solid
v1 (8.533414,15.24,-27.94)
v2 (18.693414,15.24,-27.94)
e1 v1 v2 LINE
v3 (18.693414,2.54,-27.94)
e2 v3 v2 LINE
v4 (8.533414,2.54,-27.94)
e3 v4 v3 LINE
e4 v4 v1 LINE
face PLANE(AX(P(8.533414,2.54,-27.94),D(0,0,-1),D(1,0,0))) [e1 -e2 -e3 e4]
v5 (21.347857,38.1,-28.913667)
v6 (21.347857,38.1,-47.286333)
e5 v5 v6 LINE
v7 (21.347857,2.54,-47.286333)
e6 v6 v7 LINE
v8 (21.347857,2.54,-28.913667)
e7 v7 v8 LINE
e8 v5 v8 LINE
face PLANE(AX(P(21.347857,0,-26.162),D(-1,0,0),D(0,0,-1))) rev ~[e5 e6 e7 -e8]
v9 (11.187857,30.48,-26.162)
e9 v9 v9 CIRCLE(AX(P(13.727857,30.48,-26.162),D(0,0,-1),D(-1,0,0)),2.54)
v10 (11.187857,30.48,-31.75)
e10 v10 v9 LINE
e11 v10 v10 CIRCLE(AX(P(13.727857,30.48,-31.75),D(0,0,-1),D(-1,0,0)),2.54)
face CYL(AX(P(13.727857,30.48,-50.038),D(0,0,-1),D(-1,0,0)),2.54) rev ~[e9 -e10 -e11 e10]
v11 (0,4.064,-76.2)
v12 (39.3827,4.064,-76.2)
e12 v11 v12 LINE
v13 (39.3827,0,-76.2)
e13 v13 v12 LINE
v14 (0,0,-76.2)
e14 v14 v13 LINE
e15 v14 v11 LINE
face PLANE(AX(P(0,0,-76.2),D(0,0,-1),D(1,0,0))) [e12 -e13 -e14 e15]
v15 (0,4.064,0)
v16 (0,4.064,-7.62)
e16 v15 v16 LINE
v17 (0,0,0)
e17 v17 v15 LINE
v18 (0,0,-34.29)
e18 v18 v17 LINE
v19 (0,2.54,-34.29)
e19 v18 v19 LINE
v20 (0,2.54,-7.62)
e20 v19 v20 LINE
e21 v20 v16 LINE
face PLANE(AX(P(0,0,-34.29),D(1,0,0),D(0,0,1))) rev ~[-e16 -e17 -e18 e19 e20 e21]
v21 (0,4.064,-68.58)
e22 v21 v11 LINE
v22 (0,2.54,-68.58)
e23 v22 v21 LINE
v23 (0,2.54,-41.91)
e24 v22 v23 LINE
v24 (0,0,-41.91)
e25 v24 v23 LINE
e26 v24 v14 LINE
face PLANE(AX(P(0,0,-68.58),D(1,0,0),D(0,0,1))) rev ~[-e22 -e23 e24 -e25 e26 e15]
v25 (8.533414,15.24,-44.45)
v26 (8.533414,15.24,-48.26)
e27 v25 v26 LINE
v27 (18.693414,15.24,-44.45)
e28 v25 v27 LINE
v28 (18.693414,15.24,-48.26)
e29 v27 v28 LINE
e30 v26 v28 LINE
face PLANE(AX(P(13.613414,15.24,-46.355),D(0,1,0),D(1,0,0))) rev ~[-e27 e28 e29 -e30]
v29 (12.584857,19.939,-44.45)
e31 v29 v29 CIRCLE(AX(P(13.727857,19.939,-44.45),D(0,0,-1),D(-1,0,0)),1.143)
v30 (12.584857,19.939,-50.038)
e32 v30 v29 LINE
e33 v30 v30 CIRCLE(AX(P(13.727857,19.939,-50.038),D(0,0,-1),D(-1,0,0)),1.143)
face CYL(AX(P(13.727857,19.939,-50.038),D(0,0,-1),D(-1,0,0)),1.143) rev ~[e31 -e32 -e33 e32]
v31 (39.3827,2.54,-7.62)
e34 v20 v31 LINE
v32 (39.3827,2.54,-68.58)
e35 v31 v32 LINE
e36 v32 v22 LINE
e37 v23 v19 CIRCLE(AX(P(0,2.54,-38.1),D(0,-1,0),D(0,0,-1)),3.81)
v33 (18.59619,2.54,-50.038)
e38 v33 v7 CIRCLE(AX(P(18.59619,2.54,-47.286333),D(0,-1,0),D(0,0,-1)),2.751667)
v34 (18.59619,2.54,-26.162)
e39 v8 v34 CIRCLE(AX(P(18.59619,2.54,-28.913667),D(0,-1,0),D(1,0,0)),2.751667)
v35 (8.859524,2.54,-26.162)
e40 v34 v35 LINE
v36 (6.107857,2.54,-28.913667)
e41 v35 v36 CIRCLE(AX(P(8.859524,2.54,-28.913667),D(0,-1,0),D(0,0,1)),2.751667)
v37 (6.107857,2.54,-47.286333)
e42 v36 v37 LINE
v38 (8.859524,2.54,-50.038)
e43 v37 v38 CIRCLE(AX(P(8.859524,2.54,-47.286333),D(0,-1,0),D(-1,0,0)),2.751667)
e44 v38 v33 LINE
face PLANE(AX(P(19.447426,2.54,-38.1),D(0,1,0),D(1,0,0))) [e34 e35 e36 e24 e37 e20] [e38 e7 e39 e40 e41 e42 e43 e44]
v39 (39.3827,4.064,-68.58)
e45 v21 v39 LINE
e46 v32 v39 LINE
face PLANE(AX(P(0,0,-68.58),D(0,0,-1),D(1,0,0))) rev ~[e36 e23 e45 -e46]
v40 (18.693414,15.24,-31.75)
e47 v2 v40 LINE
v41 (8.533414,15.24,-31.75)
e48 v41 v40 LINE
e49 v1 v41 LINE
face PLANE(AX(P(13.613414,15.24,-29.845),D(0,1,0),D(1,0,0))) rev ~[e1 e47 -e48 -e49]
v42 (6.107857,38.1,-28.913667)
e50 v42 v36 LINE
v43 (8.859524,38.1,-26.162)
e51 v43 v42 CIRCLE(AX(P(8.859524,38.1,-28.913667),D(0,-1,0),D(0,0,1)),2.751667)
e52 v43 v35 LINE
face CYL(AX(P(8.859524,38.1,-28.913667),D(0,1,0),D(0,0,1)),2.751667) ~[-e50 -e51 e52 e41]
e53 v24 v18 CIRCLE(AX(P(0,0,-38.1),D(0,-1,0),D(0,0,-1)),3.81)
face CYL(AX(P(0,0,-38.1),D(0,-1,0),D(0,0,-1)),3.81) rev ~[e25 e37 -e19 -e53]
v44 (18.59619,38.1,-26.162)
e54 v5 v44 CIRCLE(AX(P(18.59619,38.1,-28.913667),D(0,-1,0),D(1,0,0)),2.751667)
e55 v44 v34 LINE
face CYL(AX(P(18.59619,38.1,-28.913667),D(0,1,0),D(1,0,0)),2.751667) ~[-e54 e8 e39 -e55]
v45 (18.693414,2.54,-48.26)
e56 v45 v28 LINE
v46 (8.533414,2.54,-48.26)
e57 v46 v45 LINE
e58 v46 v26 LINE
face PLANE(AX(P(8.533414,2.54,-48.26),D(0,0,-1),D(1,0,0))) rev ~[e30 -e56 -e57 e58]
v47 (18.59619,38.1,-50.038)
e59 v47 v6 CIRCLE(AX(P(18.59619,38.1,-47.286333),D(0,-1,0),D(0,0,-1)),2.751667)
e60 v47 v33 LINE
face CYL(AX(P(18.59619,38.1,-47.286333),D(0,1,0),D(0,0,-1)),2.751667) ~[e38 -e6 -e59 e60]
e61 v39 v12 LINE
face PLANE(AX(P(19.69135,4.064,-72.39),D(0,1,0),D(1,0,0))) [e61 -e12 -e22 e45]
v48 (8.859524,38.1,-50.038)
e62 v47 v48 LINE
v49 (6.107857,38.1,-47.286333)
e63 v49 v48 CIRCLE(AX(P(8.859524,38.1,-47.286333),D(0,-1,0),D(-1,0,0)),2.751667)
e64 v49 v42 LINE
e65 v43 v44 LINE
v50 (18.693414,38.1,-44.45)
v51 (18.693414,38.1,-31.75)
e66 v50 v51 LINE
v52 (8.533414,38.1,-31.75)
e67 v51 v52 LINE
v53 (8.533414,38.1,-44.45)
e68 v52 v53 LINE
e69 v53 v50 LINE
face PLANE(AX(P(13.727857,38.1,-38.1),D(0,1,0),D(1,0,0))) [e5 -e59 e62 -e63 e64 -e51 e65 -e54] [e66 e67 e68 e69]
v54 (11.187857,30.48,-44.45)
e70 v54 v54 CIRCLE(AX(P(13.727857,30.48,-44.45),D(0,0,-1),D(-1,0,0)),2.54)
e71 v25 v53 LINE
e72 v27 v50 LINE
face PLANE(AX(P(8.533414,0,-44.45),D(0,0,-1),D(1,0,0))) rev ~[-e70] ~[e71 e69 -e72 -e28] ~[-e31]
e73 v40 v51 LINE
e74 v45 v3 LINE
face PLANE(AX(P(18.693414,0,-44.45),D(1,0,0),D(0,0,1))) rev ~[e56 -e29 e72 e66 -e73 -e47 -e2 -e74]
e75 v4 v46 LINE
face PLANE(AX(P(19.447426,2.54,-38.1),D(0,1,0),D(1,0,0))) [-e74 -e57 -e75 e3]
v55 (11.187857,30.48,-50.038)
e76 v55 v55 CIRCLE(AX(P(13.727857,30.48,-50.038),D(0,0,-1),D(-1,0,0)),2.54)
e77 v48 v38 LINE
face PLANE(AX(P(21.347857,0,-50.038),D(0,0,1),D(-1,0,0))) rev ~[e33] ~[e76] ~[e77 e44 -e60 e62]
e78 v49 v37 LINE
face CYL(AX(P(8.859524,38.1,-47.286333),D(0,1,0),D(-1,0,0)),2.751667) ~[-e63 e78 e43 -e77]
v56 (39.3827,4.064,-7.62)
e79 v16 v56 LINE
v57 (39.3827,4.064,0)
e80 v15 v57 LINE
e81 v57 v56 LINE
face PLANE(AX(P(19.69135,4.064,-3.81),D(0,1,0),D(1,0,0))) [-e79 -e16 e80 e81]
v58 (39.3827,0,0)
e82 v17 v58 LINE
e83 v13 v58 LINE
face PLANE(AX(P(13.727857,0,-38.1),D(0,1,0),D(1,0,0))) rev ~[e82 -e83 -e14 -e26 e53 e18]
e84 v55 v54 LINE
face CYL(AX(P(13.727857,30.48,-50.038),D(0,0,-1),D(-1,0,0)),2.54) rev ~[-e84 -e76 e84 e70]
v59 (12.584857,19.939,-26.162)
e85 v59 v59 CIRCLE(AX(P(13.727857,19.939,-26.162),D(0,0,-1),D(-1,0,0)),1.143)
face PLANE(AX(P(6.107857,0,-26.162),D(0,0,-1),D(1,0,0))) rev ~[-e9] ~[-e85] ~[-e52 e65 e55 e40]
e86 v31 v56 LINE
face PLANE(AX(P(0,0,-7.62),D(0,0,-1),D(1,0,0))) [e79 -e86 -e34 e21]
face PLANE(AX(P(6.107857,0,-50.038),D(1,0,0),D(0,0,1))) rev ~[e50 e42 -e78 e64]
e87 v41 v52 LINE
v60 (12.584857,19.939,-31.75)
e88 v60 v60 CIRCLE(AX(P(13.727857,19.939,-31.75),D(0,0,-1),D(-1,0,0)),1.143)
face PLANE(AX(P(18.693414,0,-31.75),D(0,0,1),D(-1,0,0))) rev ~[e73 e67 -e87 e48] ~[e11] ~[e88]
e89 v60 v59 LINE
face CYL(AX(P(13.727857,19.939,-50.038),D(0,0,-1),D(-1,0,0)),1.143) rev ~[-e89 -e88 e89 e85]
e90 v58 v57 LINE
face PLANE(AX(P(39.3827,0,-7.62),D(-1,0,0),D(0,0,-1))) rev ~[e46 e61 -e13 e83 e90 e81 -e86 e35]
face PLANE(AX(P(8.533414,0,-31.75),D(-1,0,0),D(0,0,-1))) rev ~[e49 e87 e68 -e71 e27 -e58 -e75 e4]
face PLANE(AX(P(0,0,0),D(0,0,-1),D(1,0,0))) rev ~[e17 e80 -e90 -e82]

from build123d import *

# Parameters (mm, degrees)
SKETCH2_W             = 39.3827
SKETCH2_H             = 7.62
BOSS_EXTRUDE2_DEPTH   = 4.064
BOSS_EXTRUDE2_2_DEPTH = 4.064
BOSS_EXTRUDE3_DEPTH   = 2.54
BOSS_EXTRUDE4_DEPTH   = 38.1
SKETCH4_W             = 10.16
SKETCH4_H             = 3.81
CUT_EXTRUDE2_DEPTH    = 12.7
CUT_EXTRUDE3_REACH    = 76.205
SKETCH5_R             = 2.54
SKETCH5_R_2           = 1.143
CUT_EXTRUDE5_DEPTH    = 35.56


with BuildPart() as part:
    # Sketch2 → Boss-Extrude2 (new body)
    with BuildSketch(Plane(origin=(0, 0, 0), x_dir=(1, 0, 0), z_dir=(0, 1, 0))):
        with Locations((19.69135, 3.81)):
            Rectangle(SKETCH2_W, SKETCH2_H)
    extrude(amount=BOSS_EXTRUDE2_DEPTH)



with BuildPart() as body_2:
    # Sketch2 → Boss-Extrude2 2 (new body)
    with BuildSketch(Plane(origin=(0, 0, 0), x_dir=(1, 0, 0), z_dir=(0, 1, 0))):
        with Locations((19.69135, 72.39)):
            Rectangle(SKETCH2_W, SKETCH2_H)
    extrude(amount=BOSS_EXTRUDE2_2_DEPTH)


with BuildPart() as part_1:
    add(part.part)

    add(body_2.part)  # Boss-Extrude3 merges body 2
    # Sketch2<3> → Boss-Extrude3 (add)
    with BuildSketch(Plane(origin=(0, 0, 0), x_dir=(1, 0, 0), z_dir=(0, 1, 0))):
        with BuildLine():
            Line((0, 34.29), (0, 7.62))
            Line((0, 7.62), (39.3827, 7.62))
            Line((39.3827, 7.62), (39.3827, 68.58))
            Line((39.3827, 68.58), (0, 68.58))
            Line((0, 68.58), (0, 41.91))
            ThreePointArc((0, 41.91), (3.81, 38.1), (0, 34.29))
        make_face()
    extrude(amount=BOSS_EXTRUDE3_DEPTH)

    # Sketch2<8> → Boss-Extrude4 (add)
    with BuildSketch(Plane(origin=(0, 0, 0), x_dir=(1, 0, 0), z_dir=(0, 1, 0))):
        Polygon((6.107856951, 50.038), (6.107856951, 38.1), (6.107856951, 26.162), (21.347856951, 26.162), (21.347856951, 50.038), align=None)
        Polygon((8.533414456, 31.75), (8.533414456, 38.1), (8.533414456, 44.45), (18.693414456, 44.45), (18.693414456, 31.75), align=None, mode=Mode.SUBTRACT)
    extrude(amount=BOSS_EXTRUDE4_DEPTH)

    # Sketch4 → Cut-Extrude2 (cut)
    with BuildSketch(Plane(origin=(0, 2.54, 0), x_dir=(1, 0, 0), z_dir=(0, 1, 0))):
        with Locations((13.613414456, 46.355)):
            Rectangle(SKETCH4_W, SKETCH4_H)
        with Locations((13.613414456, 29.845)):
            Rectangle(SKETCH4_W, SKETCH4_H)
    extrude(amount=CUT_EXTRUDE2_DEPTH, mode=Mode.SUBTRACT)

    # Cut-Extrude3: up to this face of the body (flat: up to its plane)
    cut_extrude3_end = Plane(part_1.part.faces().sort_by_distance((13.727856951, 20.32, -26.162))[0])
    # Sketch5 → Cut-Extrude3 (cut, up to the picked face)
    with BuildSketch(Plane(origin=(0, 0, -50.038), x_dir=(-1, 0, 0), z_dir=(0, 0, -1)), mode=Mode.PRIVATE) as cut_extrude3_sk1:
        with Locations((-13.727856951, 30.48)):
            Circle(SKETCH5_R)
    cut_extrude3_tool1 = split(extrude(cut_extrude3_sk1.sketch, amount=-CUT_EXTRUDE3_REACH, mode=Mode.PRIVATE), bisect_by=cut_extrude3_end, keep=Keep.BOTH, mode=Mode.PRIVATE)
    # Sketch5 → Cut-Extrude3 (cut, up to the picked face)
    with BuildSketch(Plane(origin=(0, 0, -50.038), x_dir=(-1, 0, 0), z_dir=(0, 0, -1)), mode=Mode.PRIVATE) as cut_extrude3_sk2:
        with Locations((-13.727856951, 19.939)):
            Circle(SKETCH5_R_2)
    cut_extrude3_tool2 = split(extrude(cut_extrude3_sk2.sketch, amount=-CUT_EXTRUDE3_REACH, mode=Mode.PRIVATE), bisect_by=cut_extrude3_end, keep=Keep.BOTH, mode=Mode.PRIVATE)
    add(cut_extrude3_tool1.solids().sort_by(Axis((13.727857, 30.48, -50.038), (0, 0, 1)))[0], mode=Mode.SUBTRACT)
    add(cut_extrude3_tool2.solids().sort_by(Axis((13.727857, 19.939, -50.038), (0, 0, 1)))[0], mode=Mode.SUBTRACT)

    # Sketch6 → Cut-Extrude5 (cut)
    with BuildSketch(Plane(origin=(0, 38.1, 0), x_dir=(1, 0, 0), z_dir=(0, 1, 0))):
        with BuildLine():
            ThreePointArc((6.107856951, 47.286333333), (6.913801458, 49.232055493), (8.859523617, 50.038))
            Line((8.859523617, 50.038), (6.107856951, 50.038))
            Line((6.107856951, 50.038), (6.107856951, 47.286333333))
        make_face()
        with BuildLine():
            ThreePointArc((18.596190284, 50.038), (20.541912444, 49.232055493), (21.347856951, 47.286333333))
            Line((21.347856951, 47.286333333), (21.347856951, 50.038))
            Line((21.347856951, 50.038), (18.596190284, 50.038))
        make_face()
        with BuildLine():
            Line((6.107856951, 26.162), (8.859523617, 26.162))
            ThreePointArc((8.859523617, 26.162), (6.913801458, 26.967944507), (6.107856951, 28.913666667))
            Line((6.107856951, 28.913666667), (6.107856951, 26.162))
        make_face()
        with BuildLine():
            Line((21.347856951, 26.162), (21.347856951, 28.913666667))
            ThreePointArc((21.347856951, 28.913666667), (20.541912444, 26.967944507), (18.596190284, 26.162))
            Line((18.596190284, 26.162), (21.347856951, 26.162))
        make_face()
    extrude(amount=-CUT_EXTRUDE5_DEPTH, mode=Mode.SUBTRACT)


solid = part_1.part
